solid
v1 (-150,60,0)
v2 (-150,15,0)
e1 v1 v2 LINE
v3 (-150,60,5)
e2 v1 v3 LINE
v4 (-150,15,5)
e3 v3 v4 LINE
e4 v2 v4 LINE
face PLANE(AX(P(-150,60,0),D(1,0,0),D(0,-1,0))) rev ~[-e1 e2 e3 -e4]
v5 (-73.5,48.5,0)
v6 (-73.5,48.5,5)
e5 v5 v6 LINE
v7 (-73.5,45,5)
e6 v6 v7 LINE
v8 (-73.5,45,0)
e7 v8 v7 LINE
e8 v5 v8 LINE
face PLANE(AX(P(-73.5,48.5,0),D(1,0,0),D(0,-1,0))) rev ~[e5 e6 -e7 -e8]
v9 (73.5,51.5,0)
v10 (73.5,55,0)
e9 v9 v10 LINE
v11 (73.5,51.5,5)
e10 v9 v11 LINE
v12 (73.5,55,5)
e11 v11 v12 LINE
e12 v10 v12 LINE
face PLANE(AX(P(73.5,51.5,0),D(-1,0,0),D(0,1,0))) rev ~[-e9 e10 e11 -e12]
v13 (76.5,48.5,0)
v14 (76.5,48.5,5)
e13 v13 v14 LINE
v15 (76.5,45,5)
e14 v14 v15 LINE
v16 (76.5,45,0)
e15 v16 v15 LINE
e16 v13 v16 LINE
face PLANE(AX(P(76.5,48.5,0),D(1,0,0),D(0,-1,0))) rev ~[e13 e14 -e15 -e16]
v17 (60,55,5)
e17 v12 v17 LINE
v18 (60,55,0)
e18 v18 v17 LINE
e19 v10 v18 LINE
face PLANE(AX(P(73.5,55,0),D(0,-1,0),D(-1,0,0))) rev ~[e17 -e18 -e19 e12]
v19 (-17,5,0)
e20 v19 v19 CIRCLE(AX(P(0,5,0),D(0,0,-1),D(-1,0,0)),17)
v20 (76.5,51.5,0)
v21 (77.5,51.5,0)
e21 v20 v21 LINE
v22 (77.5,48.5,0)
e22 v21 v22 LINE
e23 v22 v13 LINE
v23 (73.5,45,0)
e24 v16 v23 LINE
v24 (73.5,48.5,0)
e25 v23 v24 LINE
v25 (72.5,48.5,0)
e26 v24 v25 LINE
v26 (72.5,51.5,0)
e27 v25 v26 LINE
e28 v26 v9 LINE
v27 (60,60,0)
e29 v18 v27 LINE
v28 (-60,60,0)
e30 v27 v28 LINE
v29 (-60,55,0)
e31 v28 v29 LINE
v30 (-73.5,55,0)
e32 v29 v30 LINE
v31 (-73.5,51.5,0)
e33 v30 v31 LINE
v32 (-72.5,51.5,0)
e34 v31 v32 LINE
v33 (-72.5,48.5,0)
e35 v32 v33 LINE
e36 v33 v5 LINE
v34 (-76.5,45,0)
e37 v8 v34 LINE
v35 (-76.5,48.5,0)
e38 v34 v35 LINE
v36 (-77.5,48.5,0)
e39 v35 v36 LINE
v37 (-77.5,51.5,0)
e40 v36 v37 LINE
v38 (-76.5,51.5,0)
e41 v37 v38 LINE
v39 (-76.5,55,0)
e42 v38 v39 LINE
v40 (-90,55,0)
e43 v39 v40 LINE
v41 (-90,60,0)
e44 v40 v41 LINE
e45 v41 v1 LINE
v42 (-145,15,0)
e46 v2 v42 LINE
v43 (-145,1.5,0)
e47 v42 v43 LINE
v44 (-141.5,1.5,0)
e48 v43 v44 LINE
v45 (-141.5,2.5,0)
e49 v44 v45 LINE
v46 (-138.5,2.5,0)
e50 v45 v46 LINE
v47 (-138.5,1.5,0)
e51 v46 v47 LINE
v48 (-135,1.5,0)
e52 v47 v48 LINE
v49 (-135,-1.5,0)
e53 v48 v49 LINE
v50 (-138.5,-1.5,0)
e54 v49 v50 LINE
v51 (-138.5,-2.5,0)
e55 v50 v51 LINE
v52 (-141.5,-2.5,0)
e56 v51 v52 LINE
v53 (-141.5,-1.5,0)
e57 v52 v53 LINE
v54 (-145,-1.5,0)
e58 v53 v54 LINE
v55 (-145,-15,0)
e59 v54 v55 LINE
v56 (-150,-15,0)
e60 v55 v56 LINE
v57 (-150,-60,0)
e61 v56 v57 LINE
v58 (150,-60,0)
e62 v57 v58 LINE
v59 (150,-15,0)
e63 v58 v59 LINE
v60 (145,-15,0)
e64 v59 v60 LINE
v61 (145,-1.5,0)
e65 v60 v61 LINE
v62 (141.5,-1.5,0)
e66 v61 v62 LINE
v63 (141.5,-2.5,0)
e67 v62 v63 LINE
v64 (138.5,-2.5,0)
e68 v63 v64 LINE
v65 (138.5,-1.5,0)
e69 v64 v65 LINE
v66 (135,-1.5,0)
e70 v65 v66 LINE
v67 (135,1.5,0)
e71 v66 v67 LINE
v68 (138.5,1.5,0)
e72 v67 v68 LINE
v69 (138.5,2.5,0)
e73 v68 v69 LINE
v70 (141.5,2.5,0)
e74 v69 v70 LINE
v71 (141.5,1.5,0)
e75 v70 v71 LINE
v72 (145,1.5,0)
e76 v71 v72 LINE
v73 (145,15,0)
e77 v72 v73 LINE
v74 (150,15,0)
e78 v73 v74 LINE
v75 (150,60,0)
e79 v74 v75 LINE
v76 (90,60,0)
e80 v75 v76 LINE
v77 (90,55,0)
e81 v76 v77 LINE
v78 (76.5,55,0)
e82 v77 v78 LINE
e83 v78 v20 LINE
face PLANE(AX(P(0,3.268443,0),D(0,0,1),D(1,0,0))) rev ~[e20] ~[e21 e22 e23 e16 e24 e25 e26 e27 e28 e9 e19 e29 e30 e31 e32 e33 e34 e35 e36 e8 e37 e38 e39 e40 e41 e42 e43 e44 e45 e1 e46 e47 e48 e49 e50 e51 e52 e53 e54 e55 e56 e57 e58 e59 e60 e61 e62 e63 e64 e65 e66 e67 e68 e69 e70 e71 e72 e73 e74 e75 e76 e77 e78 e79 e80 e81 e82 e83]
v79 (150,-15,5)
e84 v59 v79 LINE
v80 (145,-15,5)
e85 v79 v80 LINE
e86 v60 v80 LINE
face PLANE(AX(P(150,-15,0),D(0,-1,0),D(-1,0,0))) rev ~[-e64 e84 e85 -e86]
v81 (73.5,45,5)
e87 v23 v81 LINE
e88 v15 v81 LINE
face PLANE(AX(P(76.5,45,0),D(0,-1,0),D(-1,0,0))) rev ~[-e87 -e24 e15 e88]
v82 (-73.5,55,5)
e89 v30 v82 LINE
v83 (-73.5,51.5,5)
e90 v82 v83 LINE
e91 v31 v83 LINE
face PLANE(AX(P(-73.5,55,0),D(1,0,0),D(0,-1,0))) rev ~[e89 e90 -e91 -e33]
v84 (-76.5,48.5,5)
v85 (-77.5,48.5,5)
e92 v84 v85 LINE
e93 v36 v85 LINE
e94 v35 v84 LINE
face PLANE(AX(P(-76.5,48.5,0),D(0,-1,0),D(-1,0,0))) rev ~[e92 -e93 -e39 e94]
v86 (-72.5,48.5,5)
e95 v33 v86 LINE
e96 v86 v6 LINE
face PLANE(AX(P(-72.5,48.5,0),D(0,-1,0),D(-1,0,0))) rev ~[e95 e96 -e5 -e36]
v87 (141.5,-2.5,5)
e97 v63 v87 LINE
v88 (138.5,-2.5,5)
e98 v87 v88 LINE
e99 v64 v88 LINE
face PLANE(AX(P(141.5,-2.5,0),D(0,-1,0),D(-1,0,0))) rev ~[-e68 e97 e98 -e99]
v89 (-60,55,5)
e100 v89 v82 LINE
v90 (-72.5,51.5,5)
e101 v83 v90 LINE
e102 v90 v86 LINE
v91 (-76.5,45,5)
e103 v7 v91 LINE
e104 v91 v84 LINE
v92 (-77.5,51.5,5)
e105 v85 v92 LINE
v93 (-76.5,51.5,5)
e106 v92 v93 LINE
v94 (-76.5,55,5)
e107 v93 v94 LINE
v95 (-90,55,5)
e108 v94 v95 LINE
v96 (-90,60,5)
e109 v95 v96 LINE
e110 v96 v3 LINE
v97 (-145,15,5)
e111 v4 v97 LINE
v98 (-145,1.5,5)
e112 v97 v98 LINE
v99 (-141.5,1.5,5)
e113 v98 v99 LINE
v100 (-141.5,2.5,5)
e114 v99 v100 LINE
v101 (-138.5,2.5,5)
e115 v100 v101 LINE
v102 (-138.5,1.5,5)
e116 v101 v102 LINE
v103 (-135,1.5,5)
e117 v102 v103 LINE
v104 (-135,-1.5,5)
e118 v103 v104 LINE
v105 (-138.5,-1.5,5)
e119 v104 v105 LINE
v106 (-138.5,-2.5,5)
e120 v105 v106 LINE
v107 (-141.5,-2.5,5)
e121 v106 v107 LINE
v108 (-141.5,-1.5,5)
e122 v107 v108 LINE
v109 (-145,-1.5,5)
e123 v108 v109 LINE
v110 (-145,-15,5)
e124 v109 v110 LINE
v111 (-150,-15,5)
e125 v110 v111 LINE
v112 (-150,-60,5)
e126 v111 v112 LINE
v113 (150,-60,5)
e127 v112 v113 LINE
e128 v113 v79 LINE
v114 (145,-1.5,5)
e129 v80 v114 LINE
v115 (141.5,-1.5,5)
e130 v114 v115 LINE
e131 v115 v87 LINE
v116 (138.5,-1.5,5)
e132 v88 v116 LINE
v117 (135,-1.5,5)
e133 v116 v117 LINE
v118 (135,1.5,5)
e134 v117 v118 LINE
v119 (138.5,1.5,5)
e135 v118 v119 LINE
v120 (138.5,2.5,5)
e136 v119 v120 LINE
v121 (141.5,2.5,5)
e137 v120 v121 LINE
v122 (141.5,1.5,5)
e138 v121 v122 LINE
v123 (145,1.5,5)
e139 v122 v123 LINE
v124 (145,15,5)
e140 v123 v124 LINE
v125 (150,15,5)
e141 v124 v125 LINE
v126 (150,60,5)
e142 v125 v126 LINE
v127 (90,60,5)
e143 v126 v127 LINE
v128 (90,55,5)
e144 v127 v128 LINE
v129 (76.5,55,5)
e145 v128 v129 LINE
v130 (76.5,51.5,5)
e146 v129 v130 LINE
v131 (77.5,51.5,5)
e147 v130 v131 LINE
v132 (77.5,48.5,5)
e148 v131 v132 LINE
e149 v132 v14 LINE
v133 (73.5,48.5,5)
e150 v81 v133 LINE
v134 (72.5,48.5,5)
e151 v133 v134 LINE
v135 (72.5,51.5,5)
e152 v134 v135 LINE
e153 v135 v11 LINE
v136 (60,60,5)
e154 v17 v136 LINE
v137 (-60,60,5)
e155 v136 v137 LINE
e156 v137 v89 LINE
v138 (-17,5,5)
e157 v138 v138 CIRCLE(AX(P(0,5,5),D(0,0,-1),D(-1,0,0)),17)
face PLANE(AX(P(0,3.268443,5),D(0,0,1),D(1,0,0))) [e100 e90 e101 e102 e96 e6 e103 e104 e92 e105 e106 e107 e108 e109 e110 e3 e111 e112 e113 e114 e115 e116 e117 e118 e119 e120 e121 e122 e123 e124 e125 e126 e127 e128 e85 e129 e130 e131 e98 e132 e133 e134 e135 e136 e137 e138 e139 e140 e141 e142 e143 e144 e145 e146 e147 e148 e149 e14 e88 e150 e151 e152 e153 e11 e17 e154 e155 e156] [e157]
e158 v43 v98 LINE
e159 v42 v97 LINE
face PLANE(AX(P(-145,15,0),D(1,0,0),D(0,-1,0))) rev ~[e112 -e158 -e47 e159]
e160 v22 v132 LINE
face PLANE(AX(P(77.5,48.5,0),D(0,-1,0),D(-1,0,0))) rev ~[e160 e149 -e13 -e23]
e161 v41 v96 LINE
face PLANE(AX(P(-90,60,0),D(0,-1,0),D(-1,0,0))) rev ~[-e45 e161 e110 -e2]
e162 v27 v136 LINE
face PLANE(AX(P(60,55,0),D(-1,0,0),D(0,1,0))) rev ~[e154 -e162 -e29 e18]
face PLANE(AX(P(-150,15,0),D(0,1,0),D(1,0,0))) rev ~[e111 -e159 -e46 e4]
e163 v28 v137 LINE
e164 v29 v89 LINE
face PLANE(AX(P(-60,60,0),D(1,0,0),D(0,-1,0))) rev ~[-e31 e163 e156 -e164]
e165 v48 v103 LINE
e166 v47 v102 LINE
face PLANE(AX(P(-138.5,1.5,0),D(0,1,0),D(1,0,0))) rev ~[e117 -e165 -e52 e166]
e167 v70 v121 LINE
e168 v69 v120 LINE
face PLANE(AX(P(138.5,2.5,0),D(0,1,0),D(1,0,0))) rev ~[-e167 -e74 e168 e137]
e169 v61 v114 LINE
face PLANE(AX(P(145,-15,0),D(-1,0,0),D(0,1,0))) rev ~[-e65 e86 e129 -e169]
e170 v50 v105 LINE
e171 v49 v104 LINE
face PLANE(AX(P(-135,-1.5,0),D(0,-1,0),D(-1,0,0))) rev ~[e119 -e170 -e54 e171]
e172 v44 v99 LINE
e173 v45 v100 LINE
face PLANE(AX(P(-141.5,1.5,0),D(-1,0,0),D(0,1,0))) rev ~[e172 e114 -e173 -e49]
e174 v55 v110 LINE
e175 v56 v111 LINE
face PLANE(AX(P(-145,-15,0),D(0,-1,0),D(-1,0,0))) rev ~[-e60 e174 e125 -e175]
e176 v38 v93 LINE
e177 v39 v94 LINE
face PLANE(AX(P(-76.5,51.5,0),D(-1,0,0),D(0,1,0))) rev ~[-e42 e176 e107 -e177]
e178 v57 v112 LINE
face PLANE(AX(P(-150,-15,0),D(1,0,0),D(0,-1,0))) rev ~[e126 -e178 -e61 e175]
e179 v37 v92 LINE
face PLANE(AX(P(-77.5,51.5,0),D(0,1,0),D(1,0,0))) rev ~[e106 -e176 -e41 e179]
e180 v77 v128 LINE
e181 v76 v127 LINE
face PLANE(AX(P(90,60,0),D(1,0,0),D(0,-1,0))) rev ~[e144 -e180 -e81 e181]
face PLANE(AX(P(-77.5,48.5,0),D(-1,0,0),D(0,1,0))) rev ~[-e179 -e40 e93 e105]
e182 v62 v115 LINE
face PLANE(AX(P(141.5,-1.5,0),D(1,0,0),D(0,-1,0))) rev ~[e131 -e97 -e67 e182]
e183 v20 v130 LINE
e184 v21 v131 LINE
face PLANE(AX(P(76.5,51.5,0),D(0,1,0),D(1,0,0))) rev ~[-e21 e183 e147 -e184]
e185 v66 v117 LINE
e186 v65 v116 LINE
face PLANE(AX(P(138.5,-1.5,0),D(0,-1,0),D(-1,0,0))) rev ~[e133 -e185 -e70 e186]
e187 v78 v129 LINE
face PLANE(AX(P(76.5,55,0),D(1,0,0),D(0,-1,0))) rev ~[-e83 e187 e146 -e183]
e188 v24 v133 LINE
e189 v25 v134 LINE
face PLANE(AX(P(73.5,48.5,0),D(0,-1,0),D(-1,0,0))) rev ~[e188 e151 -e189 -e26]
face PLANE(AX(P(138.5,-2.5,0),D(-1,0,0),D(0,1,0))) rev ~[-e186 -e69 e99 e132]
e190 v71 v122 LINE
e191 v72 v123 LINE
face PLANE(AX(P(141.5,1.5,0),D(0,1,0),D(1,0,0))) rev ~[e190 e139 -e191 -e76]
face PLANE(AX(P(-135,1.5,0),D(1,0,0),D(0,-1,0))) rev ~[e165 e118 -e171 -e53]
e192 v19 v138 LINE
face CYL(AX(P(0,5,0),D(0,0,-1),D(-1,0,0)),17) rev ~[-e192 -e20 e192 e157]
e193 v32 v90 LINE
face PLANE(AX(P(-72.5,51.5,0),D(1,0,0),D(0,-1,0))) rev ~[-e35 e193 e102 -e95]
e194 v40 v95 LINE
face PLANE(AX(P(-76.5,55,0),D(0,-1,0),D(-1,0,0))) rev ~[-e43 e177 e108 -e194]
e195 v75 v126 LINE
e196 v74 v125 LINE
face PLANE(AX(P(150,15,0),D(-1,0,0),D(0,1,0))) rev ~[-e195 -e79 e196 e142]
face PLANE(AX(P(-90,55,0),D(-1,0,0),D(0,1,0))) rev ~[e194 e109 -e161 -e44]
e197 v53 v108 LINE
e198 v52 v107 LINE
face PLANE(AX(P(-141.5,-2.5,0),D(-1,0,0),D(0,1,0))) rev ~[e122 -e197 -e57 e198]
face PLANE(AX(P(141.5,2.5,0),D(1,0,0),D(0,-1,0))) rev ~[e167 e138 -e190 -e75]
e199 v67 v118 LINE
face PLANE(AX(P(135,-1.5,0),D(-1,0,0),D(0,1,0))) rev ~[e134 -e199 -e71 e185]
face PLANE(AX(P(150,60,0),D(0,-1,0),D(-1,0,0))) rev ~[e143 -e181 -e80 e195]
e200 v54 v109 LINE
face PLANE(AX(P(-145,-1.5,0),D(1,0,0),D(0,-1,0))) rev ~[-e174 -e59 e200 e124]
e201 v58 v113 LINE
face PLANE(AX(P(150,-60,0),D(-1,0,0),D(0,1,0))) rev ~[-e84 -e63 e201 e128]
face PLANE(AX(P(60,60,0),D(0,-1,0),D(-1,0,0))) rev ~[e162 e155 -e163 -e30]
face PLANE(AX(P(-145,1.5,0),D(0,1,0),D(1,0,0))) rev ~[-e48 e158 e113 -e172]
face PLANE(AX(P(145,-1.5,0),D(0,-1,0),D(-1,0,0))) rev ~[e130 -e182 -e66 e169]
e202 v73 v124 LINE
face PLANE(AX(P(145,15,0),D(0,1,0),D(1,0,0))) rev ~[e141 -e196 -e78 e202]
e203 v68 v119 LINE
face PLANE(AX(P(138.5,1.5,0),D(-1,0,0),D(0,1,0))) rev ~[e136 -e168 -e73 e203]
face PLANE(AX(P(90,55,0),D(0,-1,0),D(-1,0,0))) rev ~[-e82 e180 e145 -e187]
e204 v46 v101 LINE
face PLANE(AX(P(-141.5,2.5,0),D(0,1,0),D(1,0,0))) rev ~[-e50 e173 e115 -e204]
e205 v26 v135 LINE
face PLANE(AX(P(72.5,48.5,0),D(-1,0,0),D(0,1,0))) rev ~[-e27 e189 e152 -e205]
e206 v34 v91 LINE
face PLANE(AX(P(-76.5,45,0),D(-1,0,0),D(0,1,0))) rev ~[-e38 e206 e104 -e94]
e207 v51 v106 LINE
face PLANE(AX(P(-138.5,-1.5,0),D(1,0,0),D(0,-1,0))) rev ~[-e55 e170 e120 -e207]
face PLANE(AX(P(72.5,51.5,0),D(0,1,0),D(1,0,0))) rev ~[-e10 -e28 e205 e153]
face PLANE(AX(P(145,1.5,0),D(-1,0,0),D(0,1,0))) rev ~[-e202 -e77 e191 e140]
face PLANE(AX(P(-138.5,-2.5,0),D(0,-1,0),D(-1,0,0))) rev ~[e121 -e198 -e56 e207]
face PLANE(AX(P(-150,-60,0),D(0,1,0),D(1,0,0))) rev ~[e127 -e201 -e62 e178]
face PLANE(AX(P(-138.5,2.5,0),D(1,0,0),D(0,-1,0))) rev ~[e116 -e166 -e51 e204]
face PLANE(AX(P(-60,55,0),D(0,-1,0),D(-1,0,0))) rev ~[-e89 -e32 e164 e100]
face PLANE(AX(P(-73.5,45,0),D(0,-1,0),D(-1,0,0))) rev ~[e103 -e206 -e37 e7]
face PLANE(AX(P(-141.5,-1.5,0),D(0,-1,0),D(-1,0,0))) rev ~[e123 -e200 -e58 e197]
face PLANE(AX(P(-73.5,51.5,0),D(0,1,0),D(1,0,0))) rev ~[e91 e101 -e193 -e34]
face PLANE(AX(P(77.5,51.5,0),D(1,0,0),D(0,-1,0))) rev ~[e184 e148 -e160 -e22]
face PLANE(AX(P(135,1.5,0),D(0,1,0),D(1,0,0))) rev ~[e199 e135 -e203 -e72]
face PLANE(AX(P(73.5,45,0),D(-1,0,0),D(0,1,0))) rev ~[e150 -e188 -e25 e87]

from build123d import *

# Parameters (mm, degrees)
BOSS_EXTRU_1_DEPTH      = 5
ESQUISSE2_R             = 17
ENL_V_MAT_EXTRU_1_DEPTH = 162.632298752


with BuildPart() as part:
    # Esquisse1 → Boss.-Extru.1 (new body)
    with BuildSketch(Plane.XY):
        Polygon((-90, 60), (-150, 60), (-150, 15), (-145, 15), (-145, 1.5), (-141.5, 1.5), (-141.5, 2.5), (-138.5, 2.5), (-138.5, 1.5), (-135, 1.5), (-135, -1.5), (-138.5, -1.5), (-138.5, -2.5), (-141.5, -2.5), (-141.5, -1.5), (-145, -1.5), (-145, -15), (-150, -15), (-150, -60), (-90, -60), (-60, -60), (60, -60), (90, -60), (150, -60), (150, -15), (145, -15), (145, -1.5), (141.5, -1.5), (141.5, -2.5), (138.5, -2.5), (138.5, -1.5), (135, -1.5), (135, 1.5), (138.5, 1.5), (138.5, 2.5), (141.5, 2.5), (141.5, 1.5), (145, 1.5), (145, 15), (150, 15), (150, 60), (90, 60), (90, 55), (76.5, 55), (76.5, 51.5), (77.5, 51.5), (77.5, 48.5), (76.5, 48.5), (76.5, 45), (73.5, 45), (73.5, 48.5), (72.5, 48.5), (72.5, 51.5), (73.5, 51.5), (73.5, 55), (60, 55), (60, 60), (-60, 60), (-60, 55), (-73.5, 55), (-73.5, 51.5), (-72.5, 51.5), (-72.5, 48.5), (-73.5, 48.5), (-73.5, 45), (-76.5, 45), (-76.5, 48.5), (-77.5, 48.5), (-77.5, 51.5), (-76.5, 51.5), (-76.5, 55), (-90, 55), align=None)
    extrude(amount=BOSS_EXTRU_1_DEPTH)

    # Esquisse2 → Enlèv. mat.-Extru.1 (cut, through all)
    with BuildSketch(Plane(origin=(0, 0, 0), x_dir=(-1, 0, 0), z_dir=(0, 0, -1))):
        with Locations((0, 5)):
            Circle(ESQUISSE2_R)
    extrude(amount=-ENL_V_MAT_EXTRU_1_DEPTH, mode=Mode.SUBTRACT)


solid = part.part
